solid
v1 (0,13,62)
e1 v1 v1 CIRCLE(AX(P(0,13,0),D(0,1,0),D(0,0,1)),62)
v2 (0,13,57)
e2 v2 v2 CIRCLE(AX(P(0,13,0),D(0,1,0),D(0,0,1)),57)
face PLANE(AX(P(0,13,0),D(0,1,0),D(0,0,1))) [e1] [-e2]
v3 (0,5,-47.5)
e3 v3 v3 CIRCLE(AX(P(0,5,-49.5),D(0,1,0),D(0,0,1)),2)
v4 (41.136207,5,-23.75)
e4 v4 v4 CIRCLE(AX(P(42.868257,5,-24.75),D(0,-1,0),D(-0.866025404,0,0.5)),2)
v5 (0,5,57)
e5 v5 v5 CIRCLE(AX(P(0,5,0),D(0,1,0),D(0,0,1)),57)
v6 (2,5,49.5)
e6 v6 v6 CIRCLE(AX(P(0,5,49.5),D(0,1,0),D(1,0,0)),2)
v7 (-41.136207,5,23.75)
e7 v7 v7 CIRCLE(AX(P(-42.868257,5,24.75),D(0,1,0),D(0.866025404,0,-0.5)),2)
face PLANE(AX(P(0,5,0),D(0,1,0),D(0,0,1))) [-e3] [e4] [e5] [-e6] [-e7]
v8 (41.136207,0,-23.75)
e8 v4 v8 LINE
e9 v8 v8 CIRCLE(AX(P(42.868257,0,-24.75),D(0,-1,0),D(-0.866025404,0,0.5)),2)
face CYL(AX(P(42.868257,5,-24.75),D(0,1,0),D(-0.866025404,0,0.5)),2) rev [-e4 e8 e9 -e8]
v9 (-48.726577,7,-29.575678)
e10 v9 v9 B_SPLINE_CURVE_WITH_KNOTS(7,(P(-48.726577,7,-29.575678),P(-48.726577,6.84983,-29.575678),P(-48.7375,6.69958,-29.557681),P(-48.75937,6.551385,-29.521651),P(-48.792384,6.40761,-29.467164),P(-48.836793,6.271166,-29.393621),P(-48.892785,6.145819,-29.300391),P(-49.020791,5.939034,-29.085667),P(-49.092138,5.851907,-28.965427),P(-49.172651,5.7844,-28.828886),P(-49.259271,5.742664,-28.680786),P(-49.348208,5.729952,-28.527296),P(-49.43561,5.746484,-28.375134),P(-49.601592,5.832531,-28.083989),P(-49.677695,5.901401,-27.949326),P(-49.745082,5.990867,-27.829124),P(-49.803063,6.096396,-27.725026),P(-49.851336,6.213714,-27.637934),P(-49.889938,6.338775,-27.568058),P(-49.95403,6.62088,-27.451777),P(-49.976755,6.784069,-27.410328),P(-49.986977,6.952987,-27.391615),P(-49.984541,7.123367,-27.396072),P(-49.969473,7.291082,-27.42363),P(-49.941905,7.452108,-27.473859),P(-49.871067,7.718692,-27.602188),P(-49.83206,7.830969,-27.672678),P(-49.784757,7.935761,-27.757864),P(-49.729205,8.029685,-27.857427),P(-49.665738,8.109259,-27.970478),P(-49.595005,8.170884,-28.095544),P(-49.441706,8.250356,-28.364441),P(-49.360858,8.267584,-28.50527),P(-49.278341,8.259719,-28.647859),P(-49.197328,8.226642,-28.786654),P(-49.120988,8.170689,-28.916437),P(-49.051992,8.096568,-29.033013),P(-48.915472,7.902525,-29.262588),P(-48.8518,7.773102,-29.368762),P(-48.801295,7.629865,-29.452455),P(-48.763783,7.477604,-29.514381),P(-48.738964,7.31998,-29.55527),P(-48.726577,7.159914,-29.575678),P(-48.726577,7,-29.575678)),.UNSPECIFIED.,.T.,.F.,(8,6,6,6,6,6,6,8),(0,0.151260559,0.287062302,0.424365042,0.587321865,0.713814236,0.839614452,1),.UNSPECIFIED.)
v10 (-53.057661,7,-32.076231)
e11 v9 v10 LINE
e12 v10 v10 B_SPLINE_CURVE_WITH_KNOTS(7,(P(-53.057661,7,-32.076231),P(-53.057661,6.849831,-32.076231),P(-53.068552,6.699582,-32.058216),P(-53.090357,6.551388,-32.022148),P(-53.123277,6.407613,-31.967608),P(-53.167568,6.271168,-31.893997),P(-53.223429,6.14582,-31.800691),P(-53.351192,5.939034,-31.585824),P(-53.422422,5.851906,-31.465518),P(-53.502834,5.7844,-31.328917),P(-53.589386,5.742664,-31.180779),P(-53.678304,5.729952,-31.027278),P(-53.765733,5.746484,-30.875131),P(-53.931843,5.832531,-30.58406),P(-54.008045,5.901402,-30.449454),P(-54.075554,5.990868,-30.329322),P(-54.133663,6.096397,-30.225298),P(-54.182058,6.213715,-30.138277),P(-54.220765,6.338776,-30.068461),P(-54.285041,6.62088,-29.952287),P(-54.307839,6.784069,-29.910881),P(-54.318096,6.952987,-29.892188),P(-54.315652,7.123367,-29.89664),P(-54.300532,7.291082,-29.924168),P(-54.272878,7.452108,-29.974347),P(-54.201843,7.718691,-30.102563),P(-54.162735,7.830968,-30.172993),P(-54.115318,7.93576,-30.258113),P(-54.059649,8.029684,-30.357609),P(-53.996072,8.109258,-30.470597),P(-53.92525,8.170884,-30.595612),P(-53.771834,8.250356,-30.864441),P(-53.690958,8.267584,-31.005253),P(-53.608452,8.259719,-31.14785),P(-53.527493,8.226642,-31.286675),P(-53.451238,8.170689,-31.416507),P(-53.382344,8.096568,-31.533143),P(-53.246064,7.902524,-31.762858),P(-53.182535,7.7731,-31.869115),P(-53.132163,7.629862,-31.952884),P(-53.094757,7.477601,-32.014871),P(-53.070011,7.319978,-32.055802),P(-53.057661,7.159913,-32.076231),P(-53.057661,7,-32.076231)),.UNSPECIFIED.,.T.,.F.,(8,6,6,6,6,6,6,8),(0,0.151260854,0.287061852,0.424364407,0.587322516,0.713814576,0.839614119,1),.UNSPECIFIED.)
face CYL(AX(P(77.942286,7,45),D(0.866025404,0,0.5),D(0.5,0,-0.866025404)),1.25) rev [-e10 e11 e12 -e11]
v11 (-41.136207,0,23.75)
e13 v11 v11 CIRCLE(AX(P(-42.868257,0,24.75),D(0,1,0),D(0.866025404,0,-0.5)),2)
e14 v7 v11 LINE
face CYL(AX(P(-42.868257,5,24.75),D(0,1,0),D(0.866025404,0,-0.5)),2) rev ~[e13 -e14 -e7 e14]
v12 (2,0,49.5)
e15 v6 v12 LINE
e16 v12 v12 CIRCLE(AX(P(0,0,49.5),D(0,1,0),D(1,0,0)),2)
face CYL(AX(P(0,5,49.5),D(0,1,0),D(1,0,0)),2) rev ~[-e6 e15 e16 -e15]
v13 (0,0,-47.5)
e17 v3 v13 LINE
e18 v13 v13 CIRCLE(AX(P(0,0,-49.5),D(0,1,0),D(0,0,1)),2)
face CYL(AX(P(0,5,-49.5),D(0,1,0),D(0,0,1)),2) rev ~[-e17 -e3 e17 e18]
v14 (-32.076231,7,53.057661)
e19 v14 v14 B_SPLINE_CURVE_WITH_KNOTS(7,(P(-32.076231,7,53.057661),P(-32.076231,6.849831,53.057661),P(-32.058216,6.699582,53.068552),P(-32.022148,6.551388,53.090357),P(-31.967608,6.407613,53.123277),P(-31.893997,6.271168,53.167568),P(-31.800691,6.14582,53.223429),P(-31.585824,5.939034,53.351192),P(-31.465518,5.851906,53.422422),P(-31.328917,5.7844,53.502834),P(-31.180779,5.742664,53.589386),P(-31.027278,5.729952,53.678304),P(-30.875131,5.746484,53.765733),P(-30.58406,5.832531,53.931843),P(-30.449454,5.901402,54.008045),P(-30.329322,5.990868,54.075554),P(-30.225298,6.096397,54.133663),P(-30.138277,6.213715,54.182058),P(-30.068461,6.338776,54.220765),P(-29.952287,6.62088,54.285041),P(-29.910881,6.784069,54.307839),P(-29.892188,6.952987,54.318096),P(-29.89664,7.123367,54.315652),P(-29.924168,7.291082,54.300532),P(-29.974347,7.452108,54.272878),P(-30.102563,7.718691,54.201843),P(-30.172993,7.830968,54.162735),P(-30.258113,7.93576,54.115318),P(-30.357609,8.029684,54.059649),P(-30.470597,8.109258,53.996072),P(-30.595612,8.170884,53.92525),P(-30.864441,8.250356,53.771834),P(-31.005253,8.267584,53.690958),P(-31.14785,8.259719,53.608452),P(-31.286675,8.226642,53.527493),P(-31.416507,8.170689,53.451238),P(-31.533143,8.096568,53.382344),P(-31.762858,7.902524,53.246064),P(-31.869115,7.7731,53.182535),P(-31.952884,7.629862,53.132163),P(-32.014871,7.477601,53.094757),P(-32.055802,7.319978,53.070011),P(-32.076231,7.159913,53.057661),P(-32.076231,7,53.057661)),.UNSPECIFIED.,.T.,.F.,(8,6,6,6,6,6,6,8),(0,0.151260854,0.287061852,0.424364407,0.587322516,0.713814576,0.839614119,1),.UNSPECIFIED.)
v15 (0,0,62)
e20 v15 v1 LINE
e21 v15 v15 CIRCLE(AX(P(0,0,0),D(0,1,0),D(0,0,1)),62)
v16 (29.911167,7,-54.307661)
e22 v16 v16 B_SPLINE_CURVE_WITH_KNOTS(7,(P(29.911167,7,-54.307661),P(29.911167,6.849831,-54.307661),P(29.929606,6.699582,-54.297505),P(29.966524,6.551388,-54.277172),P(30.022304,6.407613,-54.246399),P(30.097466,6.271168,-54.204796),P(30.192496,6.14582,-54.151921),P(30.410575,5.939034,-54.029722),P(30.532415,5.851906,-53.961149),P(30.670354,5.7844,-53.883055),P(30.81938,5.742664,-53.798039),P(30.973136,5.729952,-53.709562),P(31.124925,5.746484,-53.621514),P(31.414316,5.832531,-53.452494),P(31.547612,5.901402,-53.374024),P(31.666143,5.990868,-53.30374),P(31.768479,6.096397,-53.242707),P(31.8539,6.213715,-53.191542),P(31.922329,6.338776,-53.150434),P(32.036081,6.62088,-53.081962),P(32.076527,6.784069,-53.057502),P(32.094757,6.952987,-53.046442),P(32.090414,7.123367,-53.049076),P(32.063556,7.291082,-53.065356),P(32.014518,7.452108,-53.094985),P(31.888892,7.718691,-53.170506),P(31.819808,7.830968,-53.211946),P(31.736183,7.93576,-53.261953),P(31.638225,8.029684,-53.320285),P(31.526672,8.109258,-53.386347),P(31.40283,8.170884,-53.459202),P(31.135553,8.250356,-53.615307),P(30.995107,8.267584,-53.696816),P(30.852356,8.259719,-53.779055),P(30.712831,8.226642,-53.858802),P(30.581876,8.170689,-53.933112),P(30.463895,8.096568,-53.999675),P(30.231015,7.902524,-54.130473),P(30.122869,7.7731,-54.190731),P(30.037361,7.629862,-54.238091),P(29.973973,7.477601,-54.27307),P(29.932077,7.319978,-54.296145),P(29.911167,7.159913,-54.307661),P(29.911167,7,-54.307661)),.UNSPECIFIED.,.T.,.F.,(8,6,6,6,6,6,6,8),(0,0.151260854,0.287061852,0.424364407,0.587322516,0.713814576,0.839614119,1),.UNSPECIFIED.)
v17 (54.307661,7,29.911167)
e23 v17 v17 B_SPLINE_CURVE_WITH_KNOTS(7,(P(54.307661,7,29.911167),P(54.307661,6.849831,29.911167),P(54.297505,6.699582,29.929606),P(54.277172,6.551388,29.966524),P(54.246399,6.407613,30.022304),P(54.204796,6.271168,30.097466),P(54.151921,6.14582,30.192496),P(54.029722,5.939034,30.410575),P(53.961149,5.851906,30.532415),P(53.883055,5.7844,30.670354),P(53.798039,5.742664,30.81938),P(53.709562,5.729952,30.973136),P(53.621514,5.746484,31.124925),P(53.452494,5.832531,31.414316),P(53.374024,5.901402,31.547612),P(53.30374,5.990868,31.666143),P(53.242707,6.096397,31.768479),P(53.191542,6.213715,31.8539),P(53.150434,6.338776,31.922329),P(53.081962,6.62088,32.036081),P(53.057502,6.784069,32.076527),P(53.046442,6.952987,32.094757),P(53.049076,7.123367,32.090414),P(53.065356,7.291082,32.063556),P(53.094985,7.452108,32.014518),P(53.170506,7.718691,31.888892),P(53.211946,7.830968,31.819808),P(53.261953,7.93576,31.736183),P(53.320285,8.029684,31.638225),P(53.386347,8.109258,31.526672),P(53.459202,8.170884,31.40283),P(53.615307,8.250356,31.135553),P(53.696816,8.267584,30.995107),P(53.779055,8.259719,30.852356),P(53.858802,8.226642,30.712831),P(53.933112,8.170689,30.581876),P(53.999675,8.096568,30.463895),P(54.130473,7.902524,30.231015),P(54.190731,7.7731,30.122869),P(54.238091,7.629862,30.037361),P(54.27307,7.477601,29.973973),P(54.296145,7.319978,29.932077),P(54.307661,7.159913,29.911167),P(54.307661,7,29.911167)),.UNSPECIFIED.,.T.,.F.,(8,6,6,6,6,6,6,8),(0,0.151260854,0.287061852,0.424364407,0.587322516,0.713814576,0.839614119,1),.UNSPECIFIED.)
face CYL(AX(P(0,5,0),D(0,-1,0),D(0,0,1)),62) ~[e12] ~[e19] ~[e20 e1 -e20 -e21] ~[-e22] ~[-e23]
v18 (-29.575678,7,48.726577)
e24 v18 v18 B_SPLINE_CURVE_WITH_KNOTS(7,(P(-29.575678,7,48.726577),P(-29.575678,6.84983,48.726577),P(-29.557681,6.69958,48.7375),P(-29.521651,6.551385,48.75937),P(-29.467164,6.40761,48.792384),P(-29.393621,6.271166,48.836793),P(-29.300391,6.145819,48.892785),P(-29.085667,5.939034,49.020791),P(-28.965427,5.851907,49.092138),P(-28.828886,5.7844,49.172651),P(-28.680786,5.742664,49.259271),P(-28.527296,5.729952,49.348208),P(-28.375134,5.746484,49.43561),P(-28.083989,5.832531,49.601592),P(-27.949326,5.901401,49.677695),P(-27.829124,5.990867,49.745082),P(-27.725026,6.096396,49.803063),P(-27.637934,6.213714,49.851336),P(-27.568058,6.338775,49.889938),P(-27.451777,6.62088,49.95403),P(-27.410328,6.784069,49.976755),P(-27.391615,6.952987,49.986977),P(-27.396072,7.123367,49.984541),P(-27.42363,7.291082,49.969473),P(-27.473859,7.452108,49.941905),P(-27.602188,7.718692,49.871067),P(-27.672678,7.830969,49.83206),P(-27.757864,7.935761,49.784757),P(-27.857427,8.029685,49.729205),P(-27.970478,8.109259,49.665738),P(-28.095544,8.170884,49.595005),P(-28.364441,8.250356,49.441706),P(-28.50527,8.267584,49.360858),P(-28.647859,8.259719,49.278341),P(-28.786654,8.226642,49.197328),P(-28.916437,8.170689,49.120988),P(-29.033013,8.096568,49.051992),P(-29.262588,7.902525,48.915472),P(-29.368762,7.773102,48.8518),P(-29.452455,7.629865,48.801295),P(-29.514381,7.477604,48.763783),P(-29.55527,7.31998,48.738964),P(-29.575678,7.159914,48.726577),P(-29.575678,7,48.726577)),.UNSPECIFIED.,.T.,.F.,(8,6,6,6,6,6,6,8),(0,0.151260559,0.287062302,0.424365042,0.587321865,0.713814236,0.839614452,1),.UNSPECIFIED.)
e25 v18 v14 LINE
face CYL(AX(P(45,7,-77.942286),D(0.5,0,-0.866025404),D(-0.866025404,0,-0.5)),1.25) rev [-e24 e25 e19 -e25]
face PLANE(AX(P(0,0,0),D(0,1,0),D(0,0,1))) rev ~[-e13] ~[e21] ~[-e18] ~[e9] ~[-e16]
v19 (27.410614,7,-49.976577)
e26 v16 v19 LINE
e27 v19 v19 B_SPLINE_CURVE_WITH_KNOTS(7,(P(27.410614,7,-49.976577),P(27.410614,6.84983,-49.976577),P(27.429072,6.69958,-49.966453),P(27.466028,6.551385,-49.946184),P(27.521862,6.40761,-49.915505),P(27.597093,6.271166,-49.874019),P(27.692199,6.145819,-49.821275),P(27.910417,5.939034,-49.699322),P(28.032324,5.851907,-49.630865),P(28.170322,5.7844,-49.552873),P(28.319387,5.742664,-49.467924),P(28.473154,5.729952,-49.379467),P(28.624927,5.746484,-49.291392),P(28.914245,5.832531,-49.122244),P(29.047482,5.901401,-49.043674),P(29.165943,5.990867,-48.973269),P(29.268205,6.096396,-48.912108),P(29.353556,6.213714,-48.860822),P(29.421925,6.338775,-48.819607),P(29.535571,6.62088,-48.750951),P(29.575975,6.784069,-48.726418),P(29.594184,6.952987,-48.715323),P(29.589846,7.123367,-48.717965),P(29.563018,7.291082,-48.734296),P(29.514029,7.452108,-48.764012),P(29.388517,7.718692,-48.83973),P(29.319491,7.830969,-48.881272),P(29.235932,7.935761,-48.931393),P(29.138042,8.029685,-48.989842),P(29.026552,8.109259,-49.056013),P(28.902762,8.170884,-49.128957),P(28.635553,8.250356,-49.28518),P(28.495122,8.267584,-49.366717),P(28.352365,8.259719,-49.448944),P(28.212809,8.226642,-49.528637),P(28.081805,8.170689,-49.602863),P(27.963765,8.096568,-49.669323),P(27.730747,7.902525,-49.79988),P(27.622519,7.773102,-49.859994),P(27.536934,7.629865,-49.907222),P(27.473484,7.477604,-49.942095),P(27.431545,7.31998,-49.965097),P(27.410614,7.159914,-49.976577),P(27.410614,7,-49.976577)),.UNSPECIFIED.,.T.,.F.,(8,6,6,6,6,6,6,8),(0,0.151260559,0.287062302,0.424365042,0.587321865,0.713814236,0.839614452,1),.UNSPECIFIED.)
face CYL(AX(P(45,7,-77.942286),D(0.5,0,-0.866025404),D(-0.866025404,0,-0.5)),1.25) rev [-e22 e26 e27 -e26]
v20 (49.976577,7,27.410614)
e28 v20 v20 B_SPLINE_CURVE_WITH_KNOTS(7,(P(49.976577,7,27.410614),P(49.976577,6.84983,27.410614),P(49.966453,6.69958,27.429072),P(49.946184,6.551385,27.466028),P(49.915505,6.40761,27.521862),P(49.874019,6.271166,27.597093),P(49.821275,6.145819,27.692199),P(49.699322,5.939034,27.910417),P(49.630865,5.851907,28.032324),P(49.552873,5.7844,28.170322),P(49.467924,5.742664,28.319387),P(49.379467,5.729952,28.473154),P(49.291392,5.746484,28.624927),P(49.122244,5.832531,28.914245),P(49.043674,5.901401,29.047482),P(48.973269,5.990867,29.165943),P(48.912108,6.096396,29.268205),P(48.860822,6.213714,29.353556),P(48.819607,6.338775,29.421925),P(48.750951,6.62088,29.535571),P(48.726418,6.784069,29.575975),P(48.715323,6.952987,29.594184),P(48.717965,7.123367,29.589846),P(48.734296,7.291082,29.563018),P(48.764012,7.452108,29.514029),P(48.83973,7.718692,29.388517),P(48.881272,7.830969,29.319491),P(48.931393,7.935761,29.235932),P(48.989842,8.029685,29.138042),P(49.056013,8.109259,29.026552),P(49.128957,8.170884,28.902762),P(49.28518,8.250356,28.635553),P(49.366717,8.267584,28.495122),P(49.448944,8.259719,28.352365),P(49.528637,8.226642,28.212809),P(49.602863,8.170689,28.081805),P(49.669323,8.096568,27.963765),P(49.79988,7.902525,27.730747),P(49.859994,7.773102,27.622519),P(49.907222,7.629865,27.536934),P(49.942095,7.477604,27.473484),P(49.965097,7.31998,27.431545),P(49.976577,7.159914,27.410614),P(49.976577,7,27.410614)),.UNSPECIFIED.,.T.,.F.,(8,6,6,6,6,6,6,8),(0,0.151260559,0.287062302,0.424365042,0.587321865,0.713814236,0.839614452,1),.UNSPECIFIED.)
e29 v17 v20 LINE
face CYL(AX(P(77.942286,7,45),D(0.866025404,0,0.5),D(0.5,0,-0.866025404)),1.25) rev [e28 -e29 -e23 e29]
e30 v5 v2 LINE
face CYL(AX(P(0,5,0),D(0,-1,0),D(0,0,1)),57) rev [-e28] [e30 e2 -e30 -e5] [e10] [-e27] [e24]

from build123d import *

# Parameters (mm, degrees)
SKETCH1_R               = 62
BOSS_EXTRUDE1_DEPTH     = 5
SKETCH2_R               = 2
CUT_EXTRUDE1_DEPTH      = 5
CIRPATTERN1_COUNT       = 2
CIRPATTERN1_ANGLE       = 120
MIRROR1_COPY_1_SKETCH_R = 2
MIRROR1_COPY_1_DEPTH    = 5
SKETCH5_R               = 62
SKETCH5_R_2             = 57
BOSS_EXTRUDE2_DEPTH     = 8
CUT_EXTRUDE2_START      = -90
SKETCH6_R               = 1.25
CUT_EXTRUDE2_DEPTH      = 192
CIRPATTERN2_COUNT       = 2
CIRPATTERN2_ANGLE       = 90


with BuildPart() as part:
    # Sketch1 → Boss-Extrude1 (new body)
    with BuildSketch(Plane(origin=(0, 0, 0), x_dir=(1, 0, 0), z_dir=(0, 1, 0))):
        with Locations(Location((0, 0, 0), (0, 0, 270))):
            Circle(SKETCH1_R)
    extrude(amount=BOSS_EXTRUDE1_DEPTH)

    # Sketch2 → Cut-Extrude1 (cut)
    with BuildSketch(Plane(origin=(0, 5, 0), x_dir=(1, 0, 0), z_dir=(0, 1, 0))):
        with Locations(Location((0, 49.5, 0), (0, 0, 270))):
            Circle(SKETCH2_R)
    cut_extrude1 = extrude(amount=-CUT_EXTRUDE1_DEPTH, mode=Mode.SUBTRACT)

    # CirPattern1: Cut-Extrude1 ×2 about axis
    cirpattern1_axis = Axis((0, 5, 0), (0, 1, 0))
    for i in range(1, CIRPATTERN1_COUNT):
        add(cut_extrude1.rotate(cirpattern1_axis, i * CIRPATTERN1_ANGLE / (CIRPATTERN1_COUNT - 1)), mode=Mode.SUBTRACT)

    # Mirror1: Cut-Extrude1 across plane
    add(cut_extrude1.mirror(Plane(origin=(0, 0, 0), x_dir=(-0.49999999999999806, 0, 0.8660254037844398), z_dir=(-0.8660254037844398, 0, -0.49999999999999806))), mode=Mode.SUBTRACT)

    # Mirror1 copy 1 sketch → Mirror1 copy 1 (cut)
    with BuildSketch(Plane(origin=(0, 5, 0), x_dir=(1, 0, 0), z_dir=(0, 1, 0))):
        with Locations((0, -49.5)):
            Circle(MIRROR1_COPY_1_SKETCH_R)
    extrude(amount=-MIRROR1_COPY_1_DEPTH, mode=Mode.SUBTRACT)

    # Sketch5 → Boss-Extrude2 (add)
    with BuildSketch(Plane(origin=(0, 5, 0), x_dir=(1, 0, 0), z_dir=(0, 1, 0))):
        with Locations(Location((0, 0, 0), (0, 0, 270))):
            Circle(SKETCH5_R)
        with Locations(Location((0, 0, 0), (0, 0, 270))):
            Circle(SKETCH5_R_2, mode=Mode.SUBTRACT)
    extrude(amount=BOSS_EXTRUDE2_DEPTH)

    # Sketch6 → Cut-Extrude2 (cut)
    with BuildSketch(Plane(origin=(0, 0, 0), x_dir=(-0.49999999999999806, 0, 0.8660254037844398), z_dir=(-0.8660254037844398, 0, -0.49999999999999806)).offset(CUT_EXTRUDE2_START)):
        with Locations(Location((0, 7, 0), (0, 0, 180))):
            Circle(SKETCH6_R)
    cut_extrude2 = extrude(amount=CUT_EXTRUDE2_DEPTH, mode=Mode.SUBTRACT)

    # CirPattern2: Cut-Extrude2 ×2 about axis
    cirpattern2_axis = Axis((0, 13, 0), (0, 1, 0))
    for i in range(1, CIRPATTERN2_COUNT):
        add(cut_extrude2.rotate(cirpattern2_axis, i * CIRPATTERN2_ANGLE / (CIRPATTERN2_COUNT - 1)), mode=Mode.SUBTRACT)


solid = part.part
